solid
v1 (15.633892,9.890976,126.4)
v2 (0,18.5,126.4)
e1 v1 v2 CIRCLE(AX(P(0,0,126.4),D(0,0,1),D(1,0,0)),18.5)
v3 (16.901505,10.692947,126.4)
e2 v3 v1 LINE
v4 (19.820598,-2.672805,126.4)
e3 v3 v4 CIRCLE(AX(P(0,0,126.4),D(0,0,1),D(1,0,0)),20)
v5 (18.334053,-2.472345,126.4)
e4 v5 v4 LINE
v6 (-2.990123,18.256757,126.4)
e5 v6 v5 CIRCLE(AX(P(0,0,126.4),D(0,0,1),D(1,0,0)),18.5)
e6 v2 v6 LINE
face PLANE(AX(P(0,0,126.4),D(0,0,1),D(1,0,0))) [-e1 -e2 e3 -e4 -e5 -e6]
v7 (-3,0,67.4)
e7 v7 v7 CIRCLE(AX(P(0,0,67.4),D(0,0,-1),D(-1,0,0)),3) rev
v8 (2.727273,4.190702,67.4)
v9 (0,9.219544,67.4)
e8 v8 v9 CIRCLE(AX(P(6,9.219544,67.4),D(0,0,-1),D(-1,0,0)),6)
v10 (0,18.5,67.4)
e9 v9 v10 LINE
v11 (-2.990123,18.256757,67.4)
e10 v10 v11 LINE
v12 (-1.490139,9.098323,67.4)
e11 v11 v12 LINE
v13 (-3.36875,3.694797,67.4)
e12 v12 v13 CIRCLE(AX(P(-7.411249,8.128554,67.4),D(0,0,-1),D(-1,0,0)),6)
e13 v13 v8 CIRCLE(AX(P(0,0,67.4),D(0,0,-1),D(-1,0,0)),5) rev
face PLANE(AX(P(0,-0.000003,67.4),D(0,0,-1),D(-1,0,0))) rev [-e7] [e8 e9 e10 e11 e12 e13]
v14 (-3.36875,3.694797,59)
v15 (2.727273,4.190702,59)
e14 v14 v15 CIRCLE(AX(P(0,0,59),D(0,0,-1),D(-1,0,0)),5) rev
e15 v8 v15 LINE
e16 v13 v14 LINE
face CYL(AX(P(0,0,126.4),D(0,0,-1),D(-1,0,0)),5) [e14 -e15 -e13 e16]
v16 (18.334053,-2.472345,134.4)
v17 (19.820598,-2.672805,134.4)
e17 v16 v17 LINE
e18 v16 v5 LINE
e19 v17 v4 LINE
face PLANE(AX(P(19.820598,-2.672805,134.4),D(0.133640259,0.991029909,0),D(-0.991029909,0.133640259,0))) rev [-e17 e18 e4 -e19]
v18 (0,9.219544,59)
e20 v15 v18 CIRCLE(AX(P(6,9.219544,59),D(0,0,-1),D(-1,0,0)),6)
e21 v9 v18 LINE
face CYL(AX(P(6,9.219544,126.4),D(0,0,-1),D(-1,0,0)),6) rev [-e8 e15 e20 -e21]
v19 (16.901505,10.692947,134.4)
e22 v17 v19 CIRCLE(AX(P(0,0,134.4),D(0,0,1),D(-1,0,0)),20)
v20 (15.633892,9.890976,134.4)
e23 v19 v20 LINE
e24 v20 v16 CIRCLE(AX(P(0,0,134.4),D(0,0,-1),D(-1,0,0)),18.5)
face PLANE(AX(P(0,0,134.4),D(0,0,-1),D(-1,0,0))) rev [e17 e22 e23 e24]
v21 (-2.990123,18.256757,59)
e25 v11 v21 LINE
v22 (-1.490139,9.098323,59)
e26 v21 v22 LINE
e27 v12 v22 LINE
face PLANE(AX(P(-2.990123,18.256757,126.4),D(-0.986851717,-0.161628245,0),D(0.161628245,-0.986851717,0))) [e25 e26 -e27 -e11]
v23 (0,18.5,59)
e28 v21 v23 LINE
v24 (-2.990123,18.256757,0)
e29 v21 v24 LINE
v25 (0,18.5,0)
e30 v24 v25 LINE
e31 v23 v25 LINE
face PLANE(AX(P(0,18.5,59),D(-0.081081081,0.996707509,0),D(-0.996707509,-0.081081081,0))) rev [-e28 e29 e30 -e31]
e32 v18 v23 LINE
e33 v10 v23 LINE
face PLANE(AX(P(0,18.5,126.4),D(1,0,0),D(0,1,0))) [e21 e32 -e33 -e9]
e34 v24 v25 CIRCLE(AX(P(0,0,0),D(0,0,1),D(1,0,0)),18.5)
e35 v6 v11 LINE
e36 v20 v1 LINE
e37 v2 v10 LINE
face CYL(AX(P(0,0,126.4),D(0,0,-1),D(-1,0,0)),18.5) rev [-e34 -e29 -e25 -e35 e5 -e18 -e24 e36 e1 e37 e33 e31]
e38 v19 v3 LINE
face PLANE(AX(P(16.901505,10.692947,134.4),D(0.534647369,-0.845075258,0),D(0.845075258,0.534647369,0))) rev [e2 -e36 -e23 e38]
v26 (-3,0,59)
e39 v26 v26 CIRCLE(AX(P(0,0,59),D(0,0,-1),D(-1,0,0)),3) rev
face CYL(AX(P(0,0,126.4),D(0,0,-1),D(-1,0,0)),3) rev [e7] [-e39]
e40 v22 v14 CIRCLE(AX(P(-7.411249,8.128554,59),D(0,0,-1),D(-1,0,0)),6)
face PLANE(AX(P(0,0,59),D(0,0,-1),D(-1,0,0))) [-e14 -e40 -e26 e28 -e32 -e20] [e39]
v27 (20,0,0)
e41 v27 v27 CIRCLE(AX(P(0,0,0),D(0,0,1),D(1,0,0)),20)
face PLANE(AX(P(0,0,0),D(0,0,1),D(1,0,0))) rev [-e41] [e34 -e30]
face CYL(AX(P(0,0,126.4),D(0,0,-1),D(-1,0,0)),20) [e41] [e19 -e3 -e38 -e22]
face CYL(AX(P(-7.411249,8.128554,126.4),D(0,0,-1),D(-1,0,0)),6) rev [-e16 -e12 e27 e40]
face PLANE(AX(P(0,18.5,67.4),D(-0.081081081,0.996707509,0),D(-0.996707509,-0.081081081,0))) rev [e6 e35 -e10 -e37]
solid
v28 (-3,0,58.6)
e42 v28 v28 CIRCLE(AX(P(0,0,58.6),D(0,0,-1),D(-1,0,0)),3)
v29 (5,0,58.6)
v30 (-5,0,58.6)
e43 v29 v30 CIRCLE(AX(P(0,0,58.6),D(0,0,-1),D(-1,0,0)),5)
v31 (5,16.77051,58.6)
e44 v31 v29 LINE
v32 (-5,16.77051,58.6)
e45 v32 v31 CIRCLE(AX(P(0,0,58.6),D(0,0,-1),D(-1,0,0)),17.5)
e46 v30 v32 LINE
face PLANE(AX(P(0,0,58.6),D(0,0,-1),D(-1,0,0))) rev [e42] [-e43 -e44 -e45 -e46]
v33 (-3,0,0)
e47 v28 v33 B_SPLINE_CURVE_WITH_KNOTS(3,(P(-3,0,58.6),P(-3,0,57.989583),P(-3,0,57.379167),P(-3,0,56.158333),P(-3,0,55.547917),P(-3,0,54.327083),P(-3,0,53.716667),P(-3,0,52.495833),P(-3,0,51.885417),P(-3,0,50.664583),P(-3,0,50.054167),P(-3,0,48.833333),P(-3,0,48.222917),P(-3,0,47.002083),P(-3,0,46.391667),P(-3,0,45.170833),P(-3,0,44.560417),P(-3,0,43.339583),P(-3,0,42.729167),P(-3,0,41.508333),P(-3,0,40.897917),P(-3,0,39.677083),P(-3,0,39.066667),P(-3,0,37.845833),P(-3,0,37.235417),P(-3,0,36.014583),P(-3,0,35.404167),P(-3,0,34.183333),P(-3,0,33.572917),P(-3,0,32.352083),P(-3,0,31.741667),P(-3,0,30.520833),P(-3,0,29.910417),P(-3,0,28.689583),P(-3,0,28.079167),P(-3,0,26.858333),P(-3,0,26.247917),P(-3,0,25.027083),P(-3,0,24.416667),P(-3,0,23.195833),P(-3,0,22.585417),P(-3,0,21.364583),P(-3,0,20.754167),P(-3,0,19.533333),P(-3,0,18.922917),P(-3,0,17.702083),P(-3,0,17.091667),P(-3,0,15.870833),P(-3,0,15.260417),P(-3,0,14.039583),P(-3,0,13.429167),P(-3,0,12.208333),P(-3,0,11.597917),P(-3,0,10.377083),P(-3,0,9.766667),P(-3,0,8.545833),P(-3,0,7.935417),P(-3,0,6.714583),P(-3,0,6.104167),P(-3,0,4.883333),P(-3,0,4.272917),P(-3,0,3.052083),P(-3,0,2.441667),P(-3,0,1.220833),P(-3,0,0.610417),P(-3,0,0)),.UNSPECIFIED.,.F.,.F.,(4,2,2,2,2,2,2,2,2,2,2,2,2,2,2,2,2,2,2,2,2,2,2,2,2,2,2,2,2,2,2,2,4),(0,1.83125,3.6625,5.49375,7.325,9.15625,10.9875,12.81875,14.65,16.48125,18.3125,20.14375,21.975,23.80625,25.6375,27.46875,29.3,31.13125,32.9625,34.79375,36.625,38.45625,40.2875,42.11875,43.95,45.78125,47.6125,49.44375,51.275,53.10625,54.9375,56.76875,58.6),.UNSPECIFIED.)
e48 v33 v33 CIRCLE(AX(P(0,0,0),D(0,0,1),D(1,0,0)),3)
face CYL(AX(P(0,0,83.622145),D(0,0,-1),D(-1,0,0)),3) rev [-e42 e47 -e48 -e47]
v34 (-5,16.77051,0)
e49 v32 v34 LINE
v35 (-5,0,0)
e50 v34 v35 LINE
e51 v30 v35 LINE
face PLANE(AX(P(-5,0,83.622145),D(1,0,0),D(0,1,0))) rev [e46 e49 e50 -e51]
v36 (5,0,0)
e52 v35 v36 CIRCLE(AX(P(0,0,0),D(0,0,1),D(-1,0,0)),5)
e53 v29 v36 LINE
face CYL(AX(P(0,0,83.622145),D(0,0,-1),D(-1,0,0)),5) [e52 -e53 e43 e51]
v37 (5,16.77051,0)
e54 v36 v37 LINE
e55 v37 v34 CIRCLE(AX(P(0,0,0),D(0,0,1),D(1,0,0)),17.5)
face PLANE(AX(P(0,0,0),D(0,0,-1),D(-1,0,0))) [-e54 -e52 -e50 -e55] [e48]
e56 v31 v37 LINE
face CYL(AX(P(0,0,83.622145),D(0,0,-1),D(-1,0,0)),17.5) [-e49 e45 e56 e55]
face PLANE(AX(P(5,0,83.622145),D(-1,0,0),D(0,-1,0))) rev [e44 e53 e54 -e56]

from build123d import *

# Parameters (mm, degrees)
SKETCH_2_R          = 20
SKETCH_2_R_2        = 18.5
EXTRUDE_1_DEPTH     = 126.4
SKETCH_5_R          = 3
EXTRUDE_3_DEPTH     = 126.4
CUT_EXTRUDE1_DEPTH  = 59
CUT_EXTRUDE2_DEPTH  = 59
BOSS_EXTRUDE4_DEPTH = 8
SKETCH3_R           = 3
BOSS_EXTRUDE6_DEPTH = 58.6


with BuildPart() as part:
    # Эскиз2 → Бобышка-Вытянуть1 (new body)
    with BuildSketch(Plane.XY):
        Circle(SKETCH_2_R)
        Circle(SKETCH_2_R_2, mode=Mode.SUBTRACT)
    extrude(amount=EXTRUDE_1_DEPTH)

    # Эскиз5 → Бобышка-Вытянуть3 (add, through all)
    with BuildSketch(Plane(origin=(0, 0, 0), x_dir=(-1, 0, 0), z_dir=(0, 0, -1))):
        with BuildLine():
            Line((0, 18.5), (0, 9.219544457))
            ThreePointArc((0, 9.219544457), (-0.725705562, 6.35915669), (-2.727272727, 4.190702026))
            ThreePointArc((-2.727272727, 4.190702026), (-0.405405405, -4.983537544), (3.368749585, 3.694797184))
            ThreePointArc((3.368749585, 3.694797184), (1.743983113, 6.158250179), (1.490138787, 9.098323274))
            Line((1.490138787, 9.098323274), (2.990122527, 18.256756757))
            ThreePointArc((2.990122527, 18.256756757), (1.5, 18.439088915), (0, 18.5))
        make_face()
        Circle(SKETCH_5_R, mode=Mode.SUBTRACT)
    extrude(amount=-EXTRUDE_3_DEPTH)

    # Sketch1 → Cut-Extrude1 (cut)
    with BuildSketch(Plane(origin=(0, 0, 0), x_dir=(-1, 0, 0), z_dir=(0, 0, -1))):
        with BuildLine():
            Line((0, 18.5), (2.990122527, 18.256756757))
            ThreePointArc((2.990122527, 18.256756757), (-1.5, -18.439088915), (0, 18.5))
        make_face()
    extrude(amount=-CUT_EXTRUDE1_DEPTH, mode=Mode.SUBTRACT)

    # Sketch2 → Cut-Extrude2 (cut)
    with BuildSketch(Plane.XY.offset(126.4)):
        with BuildLine():
            Line((0, 18.5), (-2.990122527, 18.256756757))
            ThreePointArc((-2.990122527, 18.256756757), (1.50000041, -18.439093959), (0, 18.5))
        make_face()
    extrude(amount=-CUT_EXTRUDE2_DEPTH, mode=Mode.SUBTRACT)

    # Sketch6 → Boss-Extrude4 (add)
    with BuildSketch(Plane.XY.offset(126.4)):
        with BuildLine():
            Line((16.901505151, 10.692947377), (15.633892265, 9.890976324))
            ThreePointArc((15.633892265, 9.890976324), (18.073966336, 3.947371391), (18.334053323, -2.472344789))
            Line((18.334053323, -2.472344789), (19.820598187, -2.672805177))
            ThreePointArc((19.820598187, -2.672805177), (19.539423066, 4.267428531), (16.901505151, 10.692947377))
        make_face()
    extrude(amount=BOSS_EXTRUDE4_DEPTH)


with BuildPart() as body_2:
    # Sketch3 → Boss-Extrude6 (new body)
    with BuildSketch(Plane.XY):
        with BuildLine():
            Line((5, 0), (5, 16.770509831))
            ThreePointArc((5, 16.770509831), (0, 17.5), (-5, 16.770509831))
            Line((-5, 16.770509831), (-5, 0))
            ThreePointArc((-5, 0), (0, -5), (5, 0))
        make_face()
        with Locations(Location((0, 0, 0), (0, 0, 180))):
            Circle(SKETCH3_R, mode=Mode.SUBTRACT)
    extrude(amount=BOSS_EXTRUDE6_DEPTH)


solid = Compound([part.part, body_2.part])
